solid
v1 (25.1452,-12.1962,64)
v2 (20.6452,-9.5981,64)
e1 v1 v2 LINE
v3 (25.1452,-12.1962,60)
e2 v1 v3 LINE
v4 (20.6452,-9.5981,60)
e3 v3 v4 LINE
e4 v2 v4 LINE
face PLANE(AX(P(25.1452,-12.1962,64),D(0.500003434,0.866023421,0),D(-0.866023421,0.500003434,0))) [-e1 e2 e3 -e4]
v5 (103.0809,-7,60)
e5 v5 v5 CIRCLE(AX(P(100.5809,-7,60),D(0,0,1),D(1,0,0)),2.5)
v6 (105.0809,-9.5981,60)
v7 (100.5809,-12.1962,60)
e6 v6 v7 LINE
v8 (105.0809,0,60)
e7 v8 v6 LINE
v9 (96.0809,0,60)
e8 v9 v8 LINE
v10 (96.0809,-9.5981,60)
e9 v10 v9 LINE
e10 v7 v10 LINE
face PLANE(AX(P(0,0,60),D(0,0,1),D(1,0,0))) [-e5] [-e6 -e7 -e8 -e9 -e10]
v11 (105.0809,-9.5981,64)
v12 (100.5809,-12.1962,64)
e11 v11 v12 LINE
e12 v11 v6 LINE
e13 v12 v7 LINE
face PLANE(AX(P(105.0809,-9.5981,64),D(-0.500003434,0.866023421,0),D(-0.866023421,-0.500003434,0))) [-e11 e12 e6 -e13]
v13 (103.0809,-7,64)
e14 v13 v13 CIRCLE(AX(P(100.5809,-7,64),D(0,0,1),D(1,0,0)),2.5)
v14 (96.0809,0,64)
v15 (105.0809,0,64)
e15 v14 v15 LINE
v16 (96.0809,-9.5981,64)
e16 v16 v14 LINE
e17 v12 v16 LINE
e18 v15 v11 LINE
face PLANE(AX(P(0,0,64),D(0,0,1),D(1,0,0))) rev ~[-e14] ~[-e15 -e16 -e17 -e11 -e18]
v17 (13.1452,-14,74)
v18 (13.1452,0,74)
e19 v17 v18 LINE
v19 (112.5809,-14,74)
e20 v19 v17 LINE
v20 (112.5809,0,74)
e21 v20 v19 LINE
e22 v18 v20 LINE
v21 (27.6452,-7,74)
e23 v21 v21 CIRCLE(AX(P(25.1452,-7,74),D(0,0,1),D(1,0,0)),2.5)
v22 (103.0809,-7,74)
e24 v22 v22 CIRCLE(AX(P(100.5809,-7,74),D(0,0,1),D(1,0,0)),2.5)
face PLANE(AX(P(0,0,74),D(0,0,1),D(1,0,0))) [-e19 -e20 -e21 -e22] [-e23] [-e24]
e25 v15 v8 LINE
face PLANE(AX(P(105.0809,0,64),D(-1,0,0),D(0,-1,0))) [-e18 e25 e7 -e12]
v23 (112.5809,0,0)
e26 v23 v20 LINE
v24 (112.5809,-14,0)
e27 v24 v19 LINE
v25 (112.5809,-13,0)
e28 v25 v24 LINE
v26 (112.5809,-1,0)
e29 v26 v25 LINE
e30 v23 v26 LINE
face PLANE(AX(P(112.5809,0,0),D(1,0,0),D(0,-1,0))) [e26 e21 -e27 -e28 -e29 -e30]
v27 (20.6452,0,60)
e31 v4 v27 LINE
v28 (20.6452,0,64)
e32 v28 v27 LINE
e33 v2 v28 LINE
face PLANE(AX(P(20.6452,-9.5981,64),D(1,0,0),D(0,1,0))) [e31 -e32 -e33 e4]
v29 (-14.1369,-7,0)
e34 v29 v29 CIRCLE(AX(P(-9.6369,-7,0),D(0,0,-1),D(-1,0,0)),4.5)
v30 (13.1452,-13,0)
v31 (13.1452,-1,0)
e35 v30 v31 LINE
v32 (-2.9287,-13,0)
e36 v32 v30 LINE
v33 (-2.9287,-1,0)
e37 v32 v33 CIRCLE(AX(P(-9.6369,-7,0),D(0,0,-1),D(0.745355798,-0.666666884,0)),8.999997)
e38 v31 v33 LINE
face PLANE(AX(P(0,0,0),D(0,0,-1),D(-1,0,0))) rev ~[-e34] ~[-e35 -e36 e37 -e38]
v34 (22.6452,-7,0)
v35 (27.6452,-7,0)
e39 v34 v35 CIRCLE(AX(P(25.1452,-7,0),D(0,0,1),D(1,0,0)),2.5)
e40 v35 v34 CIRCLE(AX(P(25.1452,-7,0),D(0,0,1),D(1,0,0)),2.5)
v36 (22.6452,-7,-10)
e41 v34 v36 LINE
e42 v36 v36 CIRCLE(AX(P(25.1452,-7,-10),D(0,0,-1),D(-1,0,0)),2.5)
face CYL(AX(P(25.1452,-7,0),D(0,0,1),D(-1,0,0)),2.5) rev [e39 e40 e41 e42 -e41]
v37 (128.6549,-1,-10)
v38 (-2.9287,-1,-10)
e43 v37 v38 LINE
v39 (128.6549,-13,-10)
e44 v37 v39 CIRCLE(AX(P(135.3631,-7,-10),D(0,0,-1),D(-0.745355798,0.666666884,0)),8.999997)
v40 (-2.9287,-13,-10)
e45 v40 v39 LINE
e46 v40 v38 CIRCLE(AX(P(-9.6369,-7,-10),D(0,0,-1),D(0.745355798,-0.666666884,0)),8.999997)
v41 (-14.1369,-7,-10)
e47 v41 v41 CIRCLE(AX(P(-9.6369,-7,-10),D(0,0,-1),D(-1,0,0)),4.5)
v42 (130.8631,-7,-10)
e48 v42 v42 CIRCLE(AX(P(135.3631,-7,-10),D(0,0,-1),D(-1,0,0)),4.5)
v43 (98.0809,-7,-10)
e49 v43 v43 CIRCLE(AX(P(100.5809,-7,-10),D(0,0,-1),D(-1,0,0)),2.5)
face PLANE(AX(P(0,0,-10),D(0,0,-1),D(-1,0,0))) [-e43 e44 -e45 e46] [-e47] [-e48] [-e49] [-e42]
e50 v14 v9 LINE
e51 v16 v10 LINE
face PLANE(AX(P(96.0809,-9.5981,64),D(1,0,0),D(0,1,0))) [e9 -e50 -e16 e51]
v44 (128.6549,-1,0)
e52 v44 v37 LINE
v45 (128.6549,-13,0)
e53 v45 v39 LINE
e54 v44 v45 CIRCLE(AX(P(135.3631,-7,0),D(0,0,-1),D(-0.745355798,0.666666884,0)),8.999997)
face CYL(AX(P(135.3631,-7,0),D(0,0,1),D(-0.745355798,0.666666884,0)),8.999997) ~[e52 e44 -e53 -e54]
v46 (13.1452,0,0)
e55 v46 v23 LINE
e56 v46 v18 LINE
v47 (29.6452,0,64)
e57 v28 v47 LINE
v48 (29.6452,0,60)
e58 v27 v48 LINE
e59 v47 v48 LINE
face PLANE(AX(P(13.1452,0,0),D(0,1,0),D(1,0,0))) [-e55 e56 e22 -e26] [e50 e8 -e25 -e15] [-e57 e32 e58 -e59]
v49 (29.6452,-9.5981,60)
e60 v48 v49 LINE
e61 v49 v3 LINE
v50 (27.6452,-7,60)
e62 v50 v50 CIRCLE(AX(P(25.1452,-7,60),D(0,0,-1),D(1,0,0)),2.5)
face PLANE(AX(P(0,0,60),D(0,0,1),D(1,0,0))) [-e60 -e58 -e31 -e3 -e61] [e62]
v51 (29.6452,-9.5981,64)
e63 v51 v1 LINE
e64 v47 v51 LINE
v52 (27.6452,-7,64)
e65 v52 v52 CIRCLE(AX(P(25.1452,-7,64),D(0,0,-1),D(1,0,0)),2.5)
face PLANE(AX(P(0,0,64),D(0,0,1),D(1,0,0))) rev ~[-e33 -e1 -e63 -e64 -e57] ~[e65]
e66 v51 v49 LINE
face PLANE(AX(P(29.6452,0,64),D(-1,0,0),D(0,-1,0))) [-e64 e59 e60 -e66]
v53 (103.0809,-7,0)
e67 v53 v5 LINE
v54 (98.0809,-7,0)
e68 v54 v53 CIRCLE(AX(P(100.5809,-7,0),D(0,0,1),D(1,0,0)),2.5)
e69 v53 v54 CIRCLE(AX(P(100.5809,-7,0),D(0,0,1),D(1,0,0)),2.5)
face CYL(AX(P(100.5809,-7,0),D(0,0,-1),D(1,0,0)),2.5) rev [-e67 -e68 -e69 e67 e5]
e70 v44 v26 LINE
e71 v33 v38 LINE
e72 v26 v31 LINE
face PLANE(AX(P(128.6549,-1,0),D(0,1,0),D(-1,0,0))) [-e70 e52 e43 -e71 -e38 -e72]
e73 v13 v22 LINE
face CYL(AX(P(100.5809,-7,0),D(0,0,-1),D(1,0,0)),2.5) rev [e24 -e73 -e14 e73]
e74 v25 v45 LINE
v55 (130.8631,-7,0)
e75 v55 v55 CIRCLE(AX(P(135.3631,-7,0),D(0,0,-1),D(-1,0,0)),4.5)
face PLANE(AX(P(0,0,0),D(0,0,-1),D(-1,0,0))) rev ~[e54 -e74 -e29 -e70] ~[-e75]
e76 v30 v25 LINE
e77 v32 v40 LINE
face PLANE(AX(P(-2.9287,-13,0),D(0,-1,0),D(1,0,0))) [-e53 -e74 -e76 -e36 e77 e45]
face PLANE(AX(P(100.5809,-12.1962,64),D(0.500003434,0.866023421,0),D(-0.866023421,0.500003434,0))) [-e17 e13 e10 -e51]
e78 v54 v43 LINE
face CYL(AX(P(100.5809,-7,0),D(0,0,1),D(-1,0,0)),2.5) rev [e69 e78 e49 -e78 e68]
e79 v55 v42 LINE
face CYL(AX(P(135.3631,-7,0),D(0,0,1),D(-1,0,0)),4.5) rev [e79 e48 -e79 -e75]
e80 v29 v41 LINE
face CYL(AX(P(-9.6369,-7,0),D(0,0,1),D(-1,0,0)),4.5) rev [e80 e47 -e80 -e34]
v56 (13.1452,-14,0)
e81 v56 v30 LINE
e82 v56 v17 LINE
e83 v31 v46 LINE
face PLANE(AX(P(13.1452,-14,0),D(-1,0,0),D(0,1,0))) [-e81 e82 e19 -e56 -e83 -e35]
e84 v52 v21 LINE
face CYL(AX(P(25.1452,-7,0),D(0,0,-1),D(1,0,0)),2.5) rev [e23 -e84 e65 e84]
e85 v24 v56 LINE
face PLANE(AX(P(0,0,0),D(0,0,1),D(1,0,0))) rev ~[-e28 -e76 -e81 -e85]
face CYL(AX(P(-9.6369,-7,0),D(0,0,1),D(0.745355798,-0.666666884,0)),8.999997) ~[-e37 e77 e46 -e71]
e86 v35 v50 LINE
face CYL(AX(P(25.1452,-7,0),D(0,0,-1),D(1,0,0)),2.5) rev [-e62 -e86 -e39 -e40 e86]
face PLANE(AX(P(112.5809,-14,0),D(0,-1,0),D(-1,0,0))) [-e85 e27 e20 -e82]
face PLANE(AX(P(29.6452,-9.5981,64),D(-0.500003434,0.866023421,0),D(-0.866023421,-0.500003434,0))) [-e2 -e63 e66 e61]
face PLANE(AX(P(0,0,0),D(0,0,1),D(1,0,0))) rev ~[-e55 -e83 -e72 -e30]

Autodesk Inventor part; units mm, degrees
ref_plane "YZ Plane" through (0, 0, 0) normal (1, 0, 0) x (0, 1, 0)
ref_plane "XZ Plane" through (0, 0, 0) normal (0, 1, 0) x (-1, 0, 0)
ref_plane "XY Plane" through (0, 0, 0) normal (0, 0, 1) x (1, 0, 0)
sketch "Sketch1" plane through (0, 0, 0) normal (0, 0, 1) x (1, 0, 0)
  circle A0 centre (100.5809, -7) radius 2.5
  circle A1 centre (25.1452, -7) radius 2.5
  line L0 (0, 0) -> (125.7261, 0)
  line L1 (13.1452, 0) -> (112.5809, 0)
  line L2 (112.5809, 0) -> (112.5809, -14)
  line L3 (112.5809, -14) -> (13.1452, -14)
  line L4 (13.1452, -14) -> (13.1452, 0)
  dimension "d0" = 5
  dimension "d1" = 100.5809
  dimension "d2" = 125.7261
  dimension "d3" = 25.1452
  dimension "d4" = 7
  dimension "d5" = 7
  dimension "d8" = 12
  dimension "d9" = 12
  dimension "d10" = 7
  dimension "d23" = 99.4357
extrude "Extrusion1" add sketch "Sketch1" along normal blind 74
ref_plane "Work Plane1" through (0, 0, 64) normal (0, 0, 1) x (1, 0, 0)
sketch "Sketch2" plane through (0, 0, 64) normal (0, 0, 1) x (1, 0, 0)
  circle A0 centre (25.1452, -7) radius 2.5 projected
  circle A1 centre (100.5809, -7) radius 2.5 projected
  line L0 (25.1452, -12.1962) -> (20.6452, -9.5981)
  line L1 (20.6452, -9.5981) -> (20.6452, 0)
  line L2 (29.6452, 0) -> (29.6452, -9.5981)
  line L3 (29.6452, -9.5981) -> (25.1452, -12.1962)
  line L4 (100.5809, -12.1962) -> (96.0809, -9.5981)
  line L5 (96.0809, -9.5981) -> (96.0809, 0)
  line L6 (105.0809, 0) -> (105.0809, -9.5981)
  line L7 (105.0809, -9.5981) -> (100.5809, -12.1962)
  line L8 (13.1452, 0) -> (112.5809, 0) projected
  line L9 (20.6452, 0) -> (29.6452, 0)
  line L10 (96.0809, 0) -> (105.0809, 0)
  point P0 (0, 0)
  dimension "d27" = 9
  dimension "d28" = 9
extrude "Extrusion2" cut sketch "Sketch2" against normal blind 4 contours A0 | L8 L6 L7 L4 L5 | L0 L1 L8 L2 L3
sketch "Sketch3" plane through (0, 0, 0) normal (0, 0, -1) x (-1, 0, 0)
  circle A0 centre (-135.3631, -7) radius 4.5
  circle A1 centre (9.6369, -7) radius 4.5
  arc A2 (-128.6549, -1) -> (-128.6549, -13) centre (-135.3631, -7) ccw
  arc A3 (2.9287, -13) -> (2.9287, -1) centre (9.6369, -7) ccw
  line L0 (-134.0226, -7) -> (-135.886, -7) construction
  line L1 (-135.886, -7) -> (31.817, -7) construction
  line L2 (-112.5809, -14) -> (-13.1452, -14) construction
  line L3 (-13.1452, 0) -> (-112.5809, 0) construction
  line L4 (-128.6549, -1) -> (2.9287, -1)
  line L5 (2.9287, -13) -> (-128.6549, -13)
  circle A4 centre (-100.5809, -7) radius 2.5 projected
  circle A5 centre (-25.1452, -7) radius 2.5 projected
  point P0 (0, 0)
  dimension "d32" = 145
  dimension "d33" = 9
  dimension "d34" = 18
  dimension "d35" = 14
  dimension "d36" = 7
  dimension "d40" = 12
  dimension "d42" = 75.4357
  dimension "d43" = 34.7822
extrude "Extrusion3" add sketch "Sketch3" along normal blind 10
equation "\"d1\" = 0.8 * d2"
equation "\"d3\" = 0.2 * d2"
equation "\"d5\" = d4"
equation "\"d9\" = d8"
equation "\"d28\" = d27"
equation "\"d36\" = 0.5 * d35"
equation "\"d43\" = -0.5 * d42 + 0.5 * d32"
properties part number "license_mount"
